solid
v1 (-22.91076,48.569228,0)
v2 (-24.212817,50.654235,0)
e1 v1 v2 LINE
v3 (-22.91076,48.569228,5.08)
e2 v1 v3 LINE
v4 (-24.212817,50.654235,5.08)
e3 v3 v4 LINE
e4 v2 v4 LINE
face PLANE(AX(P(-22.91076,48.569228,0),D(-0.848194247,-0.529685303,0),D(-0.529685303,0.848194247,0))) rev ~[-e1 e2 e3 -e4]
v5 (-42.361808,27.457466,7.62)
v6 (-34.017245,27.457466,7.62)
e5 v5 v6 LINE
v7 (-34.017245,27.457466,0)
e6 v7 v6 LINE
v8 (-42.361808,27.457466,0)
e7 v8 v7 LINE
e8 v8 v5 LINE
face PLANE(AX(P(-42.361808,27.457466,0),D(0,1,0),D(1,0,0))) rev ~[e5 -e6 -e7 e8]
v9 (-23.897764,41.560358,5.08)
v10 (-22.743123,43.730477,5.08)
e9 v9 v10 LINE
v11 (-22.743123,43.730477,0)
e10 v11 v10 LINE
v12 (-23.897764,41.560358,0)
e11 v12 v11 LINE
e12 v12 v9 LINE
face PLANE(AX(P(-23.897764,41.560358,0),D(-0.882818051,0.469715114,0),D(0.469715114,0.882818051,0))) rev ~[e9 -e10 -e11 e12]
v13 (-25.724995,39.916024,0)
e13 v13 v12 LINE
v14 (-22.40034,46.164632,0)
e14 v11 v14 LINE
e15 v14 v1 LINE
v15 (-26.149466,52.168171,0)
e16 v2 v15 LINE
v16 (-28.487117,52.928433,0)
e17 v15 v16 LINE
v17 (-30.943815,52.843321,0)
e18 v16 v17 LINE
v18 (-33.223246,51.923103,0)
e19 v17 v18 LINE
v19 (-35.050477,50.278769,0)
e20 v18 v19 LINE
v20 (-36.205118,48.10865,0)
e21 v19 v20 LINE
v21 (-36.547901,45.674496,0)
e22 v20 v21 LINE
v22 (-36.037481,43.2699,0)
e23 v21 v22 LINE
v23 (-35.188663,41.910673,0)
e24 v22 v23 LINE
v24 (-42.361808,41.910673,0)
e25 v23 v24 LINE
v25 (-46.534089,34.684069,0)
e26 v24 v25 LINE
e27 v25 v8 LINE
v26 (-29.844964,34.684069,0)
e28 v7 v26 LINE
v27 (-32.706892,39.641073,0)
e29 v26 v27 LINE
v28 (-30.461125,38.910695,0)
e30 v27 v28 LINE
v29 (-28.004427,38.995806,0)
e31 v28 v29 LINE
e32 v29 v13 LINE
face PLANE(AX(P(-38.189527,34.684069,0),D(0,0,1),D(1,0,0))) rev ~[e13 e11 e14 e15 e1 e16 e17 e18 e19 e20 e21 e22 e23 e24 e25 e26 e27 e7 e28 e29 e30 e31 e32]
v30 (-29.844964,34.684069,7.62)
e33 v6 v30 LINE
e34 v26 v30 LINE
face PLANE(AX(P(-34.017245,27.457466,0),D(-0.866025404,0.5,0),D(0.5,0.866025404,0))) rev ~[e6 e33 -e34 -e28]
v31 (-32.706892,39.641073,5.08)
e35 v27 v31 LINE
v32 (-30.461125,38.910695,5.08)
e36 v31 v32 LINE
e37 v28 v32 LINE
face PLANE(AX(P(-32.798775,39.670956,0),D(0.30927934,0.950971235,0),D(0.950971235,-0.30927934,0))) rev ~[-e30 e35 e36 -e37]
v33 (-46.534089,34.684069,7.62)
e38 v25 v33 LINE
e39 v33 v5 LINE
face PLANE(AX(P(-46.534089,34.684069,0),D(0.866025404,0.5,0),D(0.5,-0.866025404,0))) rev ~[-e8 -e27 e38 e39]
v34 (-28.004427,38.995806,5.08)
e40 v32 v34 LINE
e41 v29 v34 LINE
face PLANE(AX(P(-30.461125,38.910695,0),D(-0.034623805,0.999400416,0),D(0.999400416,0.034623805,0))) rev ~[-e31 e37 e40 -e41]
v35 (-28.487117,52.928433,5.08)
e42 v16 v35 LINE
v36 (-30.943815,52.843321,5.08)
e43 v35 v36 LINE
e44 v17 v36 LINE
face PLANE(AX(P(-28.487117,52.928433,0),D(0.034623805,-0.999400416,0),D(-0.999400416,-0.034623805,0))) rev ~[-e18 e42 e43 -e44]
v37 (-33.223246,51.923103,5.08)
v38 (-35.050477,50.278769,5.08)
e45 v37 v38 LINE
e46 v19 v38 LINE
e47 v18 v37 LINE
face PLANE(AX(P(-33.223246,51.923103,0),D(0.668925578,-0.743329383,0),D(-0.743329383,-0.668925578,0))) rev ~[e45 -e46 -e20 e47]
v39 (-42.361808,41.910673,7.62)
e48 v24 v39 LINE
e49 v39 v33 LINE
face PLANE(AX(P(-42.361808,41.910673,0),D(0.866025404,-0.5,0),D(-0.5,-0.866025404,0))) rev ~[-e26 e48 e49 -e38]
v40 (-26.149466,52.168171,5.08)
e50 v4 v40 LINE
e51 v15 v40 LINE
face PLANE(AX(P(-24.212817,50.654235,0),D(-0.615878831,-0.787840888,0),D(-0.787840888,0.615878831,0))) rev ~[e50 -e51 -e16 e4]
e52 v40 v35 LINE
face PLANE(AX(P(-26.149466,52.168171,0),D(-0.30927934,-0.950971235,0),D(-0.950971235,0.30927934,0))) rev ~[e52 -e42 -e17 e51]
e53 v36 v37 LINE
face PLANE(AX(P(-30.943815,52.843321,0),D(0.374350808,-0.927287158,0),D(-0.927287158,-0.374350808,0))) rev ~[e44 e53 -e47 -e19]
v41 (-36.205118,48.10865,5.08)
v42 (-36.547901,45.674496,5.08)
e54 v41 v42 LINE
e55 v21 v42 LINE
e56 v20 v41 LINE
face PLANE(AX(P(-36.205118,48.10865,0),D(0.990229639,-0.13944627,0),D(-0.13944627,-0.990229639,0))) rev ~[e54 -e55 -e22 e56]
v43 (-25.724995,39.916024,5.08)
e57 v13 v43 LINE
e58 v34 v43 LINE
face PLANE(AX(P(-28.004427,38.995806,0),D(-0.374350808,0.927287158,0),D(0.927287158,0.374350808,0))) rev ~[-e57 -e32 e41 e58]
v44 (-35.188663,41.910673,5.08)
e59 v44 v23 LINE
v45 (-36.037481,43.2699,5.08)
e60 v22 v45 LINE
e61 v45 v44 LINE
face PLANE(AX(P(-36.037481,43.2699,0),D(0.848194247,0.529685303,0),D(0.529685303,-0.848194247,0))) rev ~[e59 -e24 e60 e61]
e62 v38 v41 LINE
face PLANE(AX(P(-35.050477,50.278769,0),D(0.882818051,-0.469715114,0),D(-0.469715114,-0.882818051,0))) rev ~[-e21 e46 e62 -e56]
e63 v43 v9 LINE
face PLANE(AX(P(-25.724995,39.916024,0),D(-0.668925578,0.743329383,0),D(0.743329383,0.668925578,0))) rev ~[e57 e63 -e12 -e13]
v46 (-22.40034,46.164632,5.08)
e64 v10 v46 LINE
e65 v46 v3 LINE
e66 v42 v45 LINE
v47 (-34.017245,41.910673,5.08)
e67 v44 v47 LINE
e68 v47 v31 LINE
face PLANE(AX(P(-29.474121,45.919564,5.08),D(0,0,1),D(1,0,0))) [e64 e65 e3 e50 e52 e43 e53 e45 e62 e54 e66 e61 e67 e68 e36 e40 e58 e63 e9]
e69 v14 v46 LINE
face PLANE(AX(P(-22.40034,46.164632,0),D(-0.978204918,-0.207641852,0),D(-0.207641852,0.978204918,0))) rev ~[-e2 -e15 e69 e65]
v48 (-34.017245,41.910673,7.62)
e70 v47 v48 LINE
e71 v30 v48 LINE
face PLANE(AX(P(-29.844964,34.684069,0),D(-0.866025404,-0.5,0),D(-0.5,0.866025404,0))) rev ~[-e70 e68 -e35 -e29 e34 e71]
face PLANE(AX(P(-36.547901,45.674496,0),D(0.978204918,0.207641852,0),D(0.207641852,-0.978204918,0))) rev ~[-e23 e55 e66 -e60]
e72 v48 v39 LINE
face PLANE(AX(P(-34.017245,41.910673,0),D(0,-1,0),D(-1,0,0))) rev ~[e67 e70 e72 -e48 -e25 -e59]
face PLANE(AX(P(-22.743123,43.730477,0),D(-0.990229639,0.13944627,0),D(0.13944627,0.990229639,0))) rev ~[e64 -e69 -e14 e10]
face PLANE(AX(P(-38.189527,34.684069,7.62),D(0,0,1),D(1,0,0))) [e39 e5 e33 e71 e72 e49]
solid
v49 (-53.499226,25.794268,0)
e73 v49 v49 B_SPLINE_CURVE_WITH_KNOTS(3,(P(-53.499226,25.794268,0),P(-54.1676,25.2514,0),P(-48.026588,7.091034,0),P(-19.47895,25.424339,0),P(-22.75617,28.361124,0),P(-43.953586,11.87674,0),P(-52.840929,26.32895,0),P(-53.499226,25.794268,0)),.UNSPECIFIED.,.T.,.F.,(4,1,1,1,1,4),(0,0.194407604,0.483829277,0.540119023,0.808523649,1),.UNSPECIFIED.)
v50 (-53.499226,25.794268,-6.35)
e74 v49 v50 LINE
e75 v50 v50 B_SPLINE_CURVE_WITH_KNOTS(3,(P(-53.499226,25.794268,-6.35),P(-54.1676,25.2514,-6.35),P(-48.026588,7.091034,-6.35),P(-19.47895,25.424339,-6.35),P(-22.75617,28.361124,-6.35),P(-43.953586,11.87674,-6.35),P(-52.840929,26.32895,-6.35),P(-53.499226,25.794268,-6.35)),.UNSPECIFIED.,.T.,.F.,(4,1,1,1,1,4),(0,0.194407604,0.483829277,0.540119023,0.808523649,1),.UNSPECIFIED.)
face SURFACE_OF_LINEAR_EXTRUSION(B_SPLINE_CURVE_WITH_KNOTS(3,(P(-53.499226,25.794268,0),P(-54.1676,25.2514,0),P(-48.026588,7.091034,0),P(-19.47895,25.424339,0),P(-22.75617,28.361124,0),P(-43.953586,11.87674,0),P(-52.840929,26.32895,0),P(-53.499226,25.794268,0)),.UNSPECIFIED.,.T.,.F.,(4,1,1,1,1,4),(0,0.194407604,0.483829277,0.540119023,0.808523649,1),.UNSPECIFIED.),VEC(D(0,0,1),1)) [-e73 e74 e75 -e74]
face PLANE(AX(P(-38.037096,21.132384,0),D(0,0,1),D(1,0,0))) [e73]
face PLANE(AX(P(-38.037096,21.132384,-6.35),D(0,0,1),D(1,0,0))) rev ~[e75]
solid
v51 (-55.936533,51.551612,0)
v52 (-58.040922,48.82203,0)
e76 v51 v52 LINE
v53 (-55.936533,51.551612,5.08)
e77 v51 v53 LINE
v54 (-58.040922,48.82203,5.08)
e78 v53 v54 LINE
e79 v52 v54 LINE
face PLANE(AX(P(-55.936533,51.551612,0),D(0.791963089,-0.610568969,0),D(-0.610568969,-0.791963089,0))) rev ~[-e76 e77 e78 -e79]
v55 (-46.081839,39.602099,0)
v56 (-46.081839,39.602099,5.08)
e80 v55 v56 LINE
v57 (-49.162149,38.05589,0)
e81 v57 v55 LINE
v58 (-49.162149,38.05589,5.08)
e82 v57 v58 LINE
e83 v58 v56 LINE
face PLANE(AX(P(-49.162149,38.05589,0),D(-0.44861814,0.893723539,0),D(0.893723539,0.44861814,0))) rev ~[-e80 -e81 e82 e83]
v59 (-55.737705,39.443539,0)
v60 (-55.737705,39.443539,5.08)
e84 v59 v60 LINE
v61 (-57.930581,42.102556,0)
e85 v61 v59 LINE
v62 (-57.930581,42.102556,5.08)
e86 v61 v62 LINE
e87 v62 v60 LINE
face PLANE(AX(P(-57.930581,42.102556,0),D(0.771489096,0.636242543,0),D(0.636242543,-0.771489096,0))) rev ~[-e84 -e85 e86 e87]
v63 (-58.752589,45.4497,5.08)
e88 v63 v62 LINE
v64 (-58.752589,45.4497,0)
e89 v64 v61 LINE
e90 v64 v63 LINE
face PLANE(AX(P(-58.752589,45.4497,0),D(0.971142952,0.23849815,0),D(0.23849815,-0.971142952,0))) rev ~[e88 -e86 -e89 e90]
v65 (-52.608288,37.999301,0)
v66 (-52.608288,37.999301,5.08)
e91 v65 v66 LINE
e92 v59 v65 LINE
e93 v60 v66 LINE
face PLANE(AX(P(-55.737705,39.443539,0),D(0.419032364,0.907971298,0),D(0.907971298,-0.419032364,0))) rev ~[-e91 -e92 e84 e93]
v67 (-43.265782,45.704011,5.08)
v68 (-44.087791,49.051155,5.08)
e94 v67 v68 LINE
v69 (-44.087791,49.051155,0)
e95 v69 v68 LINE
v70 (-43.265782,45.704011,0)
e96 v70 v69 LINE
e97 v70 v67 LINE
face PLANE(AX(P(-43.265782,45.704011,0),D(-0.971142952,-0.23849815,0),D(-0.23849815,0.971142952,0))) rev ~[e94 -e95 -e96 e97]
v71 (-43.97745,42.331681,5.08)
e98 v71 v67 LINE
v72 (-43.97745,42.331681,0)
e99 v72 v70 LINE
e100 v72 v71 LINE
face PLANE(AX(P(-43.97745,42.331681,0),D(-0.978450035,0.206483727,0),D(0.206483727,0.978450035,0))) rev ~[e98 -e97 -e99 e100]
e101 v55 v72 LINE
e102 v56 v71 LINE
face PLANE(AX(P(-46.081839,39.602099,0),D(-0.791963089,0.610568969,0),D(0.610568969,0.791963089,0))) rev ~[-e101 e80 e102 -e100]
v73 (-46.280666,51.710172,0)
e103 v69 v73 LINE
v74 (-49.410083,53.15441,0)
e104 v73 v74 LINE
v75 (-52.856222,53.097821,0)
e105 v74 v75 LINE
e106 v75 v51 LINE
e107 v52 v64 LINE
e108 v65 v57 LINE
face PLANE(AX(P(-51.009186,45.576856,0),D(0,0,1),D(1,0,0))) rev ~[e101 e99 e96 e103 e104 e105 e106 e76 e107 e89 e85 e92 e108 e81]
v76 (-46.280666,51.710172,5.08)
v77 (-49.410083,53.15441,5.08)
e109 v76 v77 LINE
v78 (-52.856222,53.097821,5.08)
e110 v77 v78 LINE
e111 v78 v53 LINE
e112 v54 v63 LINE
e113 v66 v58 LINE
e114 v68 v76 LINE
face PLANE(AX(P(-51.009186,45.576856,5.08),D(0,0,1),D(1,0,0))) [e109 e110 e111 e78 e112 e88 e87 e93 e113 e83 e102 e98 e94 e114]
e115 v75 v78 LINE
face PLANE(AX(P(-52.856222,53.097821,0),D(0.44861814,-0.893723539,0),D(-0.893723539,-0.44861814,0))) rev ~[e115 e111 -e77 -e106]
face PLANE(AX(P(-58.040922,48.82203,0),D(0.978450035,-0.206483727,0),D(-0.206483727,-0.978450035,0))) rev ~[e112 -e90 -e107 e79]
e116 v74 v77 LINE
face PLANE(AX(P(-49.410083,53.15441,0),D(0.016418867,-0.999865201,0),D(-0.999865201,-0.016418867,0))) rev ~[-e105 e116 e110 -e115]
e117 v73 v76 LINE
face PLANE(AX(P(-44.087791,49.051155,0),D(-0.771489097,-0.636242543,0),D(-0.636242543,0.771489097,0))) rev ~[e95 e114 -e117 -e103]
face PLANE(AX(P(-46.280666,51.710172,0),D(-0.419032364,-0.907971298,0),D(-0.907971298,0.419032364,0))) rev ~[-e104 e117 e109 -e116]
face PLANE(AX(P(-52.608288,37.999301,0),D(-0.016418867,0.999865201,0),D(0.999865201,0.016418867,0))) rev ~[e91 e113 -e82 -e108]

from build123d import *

# Parameters (mm, degrees)
F2_DEPTH  = 5.08
F4_DEPTH  = 5.08
F6_DEPTH  = 7.62
F8_DEPTH  = 2.54
F10_DEPTH = 2.54
F12_DEPTH = 6.35


with BuildPart() as f2:
    # F1 (on face) → F2 (new body)
    with BuildSketch(Plane.XY):
        Polygon((-55.7377048872, 39.4435390446), (-52.6082879759, 37.9993006971), (-49.1621492298, 38.055890019), (-46.0818386916, 39.6020988009), (-43.977449641, 42.3316814306), (-43.2657821381, 45.7040105922), (-44.0877906598, 49.0511551363), (-46.2806663372, 51.710172036), (-49.4100832485, 53.1544103834), (-52.8562219946, 53.0978210616), (-55.9365325328, 51.5516122797), (-58.0409215834, 48.8220296499), (-58.7525890864, 45.4497004883), (-57.9305805646, 42.1025559442), align=None)
    extrude(amount=F2_DEPTH)


with BuildPart() as f4:
    # F3 (on face) → F4 (new body)
    with BuildSketch(Plane.XY):
        Polygon((-25.7249953214, 39.9160244175), (-23.8977639016, 41.5603584937), (-22.7431233963, 43.7304770432), (-22.4003404912, 46.1646317415), (-22.9107598635, 48.5692276077), (-24.212817404, 50.6542348923), (-26.1494657569, 52.1681709452), (-28.487116549, 52.9284327353), (-30.9438145948, 52.8433214704), (-33.2232458528, 51.923102825), (-35.0504772726, 50.2787687489), (-36.2051177779, 48.1086501994), (-36.547900683, 45.6744955011), (-36.0374813107, 43.2698996349), (-34.7354237702, 41.1848923503), (-32.7987754173, 39.6709562973), (-30.4611246252, 38.9106945072), (-28.0044265794, 38.9958057722), align=None)
    extrude(amount=F4_DEPTH)

    # F5 (on face) → F6 (join)
    with BuildSketch(Plane.XY):
        Polygon((-42.3618078957, 27.457466349), (-34.0172453989, 27.457466349), (-29.8449641506, 34.6840694547), (-34.0172453989, 41.9106725603), (-42.3618078957, 41.9106725603), (-46.5340891441, 34.6840694547), align=None)
    extrude(amount=F6_DEPTH)

    # F7 (on face) → F8 (join)
    with BuildSketch(Plane.XY.offset(7.62)):
        Polygon((-38.4145907474, 30.3998731859), (-38.031131283, 31.0640444609), (-37.8604757666, 31.811735131), (-37.91778769, 32.576509599), (-38.197974637, 33.2904142971), (-38.676140768, 33.8900156602), (-39.3097989238, 34.3220364757), (-40.0426457964, 34.5480897984), (-40.8095647253, 34.5480897984), (-41.5424115979, 34.3220364757), (-42.1760697537, 33.8900156602), (-42.6542358847, 33.2904142971), (-42.9344228317, 32.576509599), (-42.9917347551, 31.811735131), (-42.8210792387, 31.0640444609), (-42.4376197743, 30.3998731859), (-41.875428418, 29.8782358384), (-41.1844583389, 29.5454821859), (-40.4261052608, 29.4311788508), (-39.6677521828, 29.5454821859), (-38.9767821037, 29.8782358384), align=None)
    extrude(amount=-F8_DEPTH)

    # F9 (on face) → F10 (join)
    with BuildSketch(Plane.XY.offset(7.62)):
        Polygon((-41.4187325861, 30.5227078497), (-40.8176244472, 30.5227078497), (-40.2388070287, 30.6848848847), (-39.7252085707, 30.9972110259), (-39.3149203211, 31.4365224722), (-39.0383714825, 31.9702375034), (-38.9160724171, 32.5587729171), (-38.9570934872, 33.1584797341), (-39.1583923476, 33.7248804434), (-39.5050395828, 34.2159676952), (-39.971325953, 34.5953197949), (-40.5226691314, 34.8348019326), (-41.1181785166, 34.9166528136), (-41.7136879018, 34.8348019326), (-42.2650310802, 34.5953197949), (-42.7313174505, 34.2159676952), (-43.0779646856, 33.7248804434), (-43.279263546, 33.1584797341), (-43.3202846161, 32.5587729171), (-43.1979855508, 31.9702375034), (-42.9214367122, 31.4365224722), (-42.5111484626, 30.9972110259), (-41.9975500045, 30.6848848847), align=None)
    extrude(amount=-F10_DEPTH)


with BuildPart() as f12:
    # F11 (on face) → F12 (new body)
    with BuildSketch(Plane.XY):
        with BuildLine():
            add(Edge.make_bspline(
                [(-53.499225527, 25.7942676544), (-54.1675997056, 25.2514000291), (-48.026588456, 7.0910339312), (-19.4789502094, 25.4243389861), (-22.7561704454, 28.3611239549), (-43.9535859216, 11.8767402158), (-52.8409290122, 26.3289499884), (-53.499225527, 25.7942676544)],
                knots=[0, 0, 0, 0, 0.1944076044, 0.4838292771, 0.5401190232, 0.8085236495, 1, 1, 1, 1], degree=3))
        make_face()
    extrude(amount=-F12_DEPTH)


solid = Compound([f2.part, f4.part, f12.part])
